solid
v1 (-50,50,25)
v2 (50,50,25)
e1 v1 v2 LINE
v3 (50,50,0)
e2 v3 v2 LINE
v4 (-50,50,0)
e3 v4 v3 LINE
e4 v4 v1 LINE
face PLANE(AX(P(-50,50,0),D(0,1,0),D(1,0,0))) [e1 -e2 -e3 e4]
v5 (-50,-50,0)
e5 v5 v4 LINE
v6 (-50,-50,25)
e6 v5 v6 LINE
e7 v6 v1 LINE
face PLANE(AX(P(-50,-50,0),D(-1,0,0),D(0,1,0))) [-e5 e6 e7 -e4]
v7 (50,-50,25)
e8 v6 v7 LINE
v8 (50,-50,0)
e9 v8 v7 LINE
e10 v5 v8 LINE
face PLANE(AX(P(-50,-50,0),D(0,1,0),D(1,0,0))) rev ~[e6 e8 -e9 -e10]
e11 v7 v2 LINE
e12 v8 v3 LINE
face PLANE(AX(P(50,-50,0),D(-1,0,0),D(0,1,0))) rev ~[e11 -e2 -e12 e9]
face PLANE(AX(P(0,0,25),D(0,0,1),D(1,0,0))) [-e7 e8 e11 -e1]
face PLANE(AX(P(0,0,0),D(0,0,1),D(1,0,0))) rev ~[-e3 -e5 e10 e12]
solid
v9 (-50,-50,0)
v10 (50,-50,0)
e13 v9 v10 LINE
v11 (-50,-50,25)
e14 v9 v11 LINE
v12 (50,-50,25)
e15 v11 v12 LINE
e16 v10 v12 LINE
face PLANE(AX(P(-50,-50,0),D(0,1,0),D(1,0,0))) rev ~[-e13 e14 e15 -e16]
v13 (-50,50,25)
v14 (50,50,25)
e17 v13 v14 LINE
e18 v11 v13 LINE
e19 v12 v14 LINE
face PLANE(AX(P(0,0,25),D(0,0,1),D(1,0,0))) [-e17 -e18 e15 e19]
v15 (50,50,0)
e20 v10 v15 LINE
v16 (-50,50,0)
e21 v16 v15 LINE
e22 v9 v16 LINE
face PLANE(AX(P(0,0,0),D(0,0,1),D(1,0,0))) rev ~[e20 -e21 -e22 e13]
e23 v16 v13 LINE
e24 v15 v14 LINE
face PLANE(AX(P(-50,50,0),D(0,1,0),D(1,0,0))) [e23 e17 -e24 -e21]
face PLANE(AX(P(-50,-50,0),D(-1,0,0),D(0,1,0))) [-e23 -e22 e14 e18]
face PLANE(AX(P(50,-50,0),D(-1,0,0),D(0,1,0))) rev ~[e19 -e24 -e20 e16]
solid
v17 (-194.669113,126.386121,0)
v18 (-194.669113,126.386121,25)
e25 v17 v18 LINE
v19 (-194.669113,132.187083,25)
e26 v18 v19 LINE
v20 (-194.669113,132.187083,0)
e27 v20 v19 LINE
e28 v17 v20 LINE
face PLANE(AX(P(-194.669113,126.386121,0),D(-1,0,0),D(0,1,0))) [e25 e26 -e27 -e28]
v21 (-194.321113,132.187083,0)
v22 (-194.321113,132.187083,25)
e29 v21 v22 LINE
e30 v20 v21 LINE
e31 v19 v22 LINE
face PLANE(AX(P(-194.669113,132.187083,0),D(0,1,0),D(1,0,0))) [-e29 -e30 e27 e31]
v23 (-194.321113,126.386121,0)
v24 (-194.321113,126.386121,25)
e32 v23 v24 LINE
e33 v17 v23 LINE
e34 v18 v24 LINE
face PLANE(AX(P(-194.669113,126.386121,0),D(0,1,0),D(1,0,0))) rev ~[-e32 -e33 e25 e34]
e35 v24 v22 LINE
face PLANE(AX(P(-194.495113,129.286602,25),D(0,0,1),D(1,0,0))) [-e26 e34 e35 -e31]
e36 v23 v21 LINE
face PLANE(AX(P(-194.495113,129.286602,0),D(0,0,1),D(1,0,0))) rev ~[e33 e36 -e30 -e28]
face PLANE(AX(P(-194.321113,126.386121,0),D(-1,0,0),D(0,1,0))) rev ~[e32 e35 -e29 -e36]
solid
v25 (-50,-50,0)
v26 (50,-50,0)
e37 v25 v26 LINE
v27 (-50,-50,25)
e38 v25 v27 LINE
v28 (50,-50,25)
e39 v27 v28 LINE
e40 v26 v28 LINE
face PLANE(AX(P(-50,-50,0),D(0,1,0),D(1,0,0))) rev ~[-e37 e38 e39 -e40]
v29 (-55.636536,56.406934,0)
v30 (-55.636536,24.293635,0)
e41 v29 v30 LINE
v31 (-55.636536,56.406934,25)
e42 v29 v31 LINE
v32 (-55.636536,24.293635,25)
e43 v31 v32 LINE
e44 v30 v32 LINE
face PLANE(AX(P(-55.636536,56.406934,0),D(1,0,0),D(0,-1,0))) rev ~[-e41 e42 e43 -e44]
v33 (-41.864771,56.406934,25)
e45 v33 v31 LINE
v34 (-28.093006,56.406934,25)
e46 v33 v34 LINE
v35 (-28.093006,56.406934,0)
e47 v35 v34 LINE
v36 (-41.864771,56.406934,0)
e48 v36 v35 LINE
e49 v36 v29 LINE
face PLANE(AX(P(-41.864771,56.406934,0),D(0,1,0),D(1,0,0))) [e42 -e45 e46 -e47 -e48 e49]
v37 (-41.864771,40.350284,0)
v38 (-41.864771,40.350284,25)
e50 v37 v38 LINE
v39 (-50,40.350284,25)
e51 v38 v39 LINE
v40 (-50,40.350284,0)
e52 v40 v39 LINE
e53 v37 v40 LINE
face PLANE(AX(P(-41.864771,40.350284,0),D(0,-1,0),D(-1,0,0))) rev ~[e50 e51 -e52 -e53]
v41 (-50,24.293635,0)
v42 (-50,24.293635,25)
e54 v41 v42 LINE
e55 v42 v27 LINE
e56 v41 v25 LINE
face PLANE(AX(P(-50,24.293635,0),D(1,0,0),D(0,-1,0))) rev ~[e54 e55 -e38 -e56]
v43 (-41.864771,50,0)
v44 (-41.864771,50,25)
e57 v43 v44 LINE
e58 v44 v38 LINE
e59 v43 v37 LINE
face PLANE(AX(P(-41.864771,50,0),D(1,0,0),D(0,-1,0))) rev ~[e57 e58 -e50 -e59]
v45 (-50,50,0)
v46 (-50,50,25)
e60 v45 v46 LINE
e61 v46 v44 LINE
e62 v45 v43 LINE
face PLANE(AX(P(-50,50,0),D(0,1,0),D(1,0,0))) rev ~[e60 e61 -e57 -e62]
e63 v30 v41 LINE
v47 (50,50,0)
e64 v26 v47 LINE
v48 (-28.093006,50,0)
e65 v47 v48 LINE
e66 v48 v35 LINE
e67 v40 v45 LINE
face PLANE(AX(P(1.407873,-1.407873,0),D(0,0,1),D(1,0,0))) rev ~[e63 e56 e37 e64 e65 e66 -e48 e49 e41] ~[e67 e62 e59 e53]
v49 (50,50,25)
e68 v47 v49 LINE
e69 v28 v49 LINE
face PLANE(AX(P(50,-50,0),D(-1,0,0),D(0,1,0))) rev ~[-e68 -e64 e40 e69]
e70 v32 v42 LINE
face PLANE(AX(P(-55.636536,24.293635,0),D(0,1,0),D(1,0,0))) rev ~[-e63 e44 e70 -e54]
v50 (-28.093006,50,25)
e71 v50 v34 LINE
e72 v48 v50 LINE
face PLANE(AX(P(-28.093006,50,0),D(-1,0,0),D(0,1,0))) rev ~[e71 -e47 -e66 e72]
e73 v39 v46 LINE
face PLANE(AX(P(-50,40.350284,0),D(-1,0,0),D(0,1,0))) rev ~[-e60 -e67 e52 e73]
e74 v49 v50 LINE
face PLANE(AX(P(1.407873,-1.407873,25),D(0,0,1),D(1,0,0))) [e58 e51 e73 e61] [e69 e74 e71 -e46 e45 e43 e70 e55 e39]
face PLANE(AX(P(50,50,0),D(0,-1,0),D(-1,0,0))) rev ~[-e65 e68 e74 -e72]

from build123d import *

# Parameters (mm, degrees)
F2_W     = 0.348
F2_H     = 5.8009624481
F3_DEPTH = 25
F2_W_2   = 5.63653633
F2_H_2   = 16.0566493869
F2_W_3   = 13.7717649341
F2_H_3   = 6.4069338143
F0_W     = 100
F0_H     = 100
F1_W     = 100
F1_H     = 100


with BuildPart() as f3:
    # F2 (on face) → F3 (new body)
    with BuildSketch(Plane.XY):
        with Locations((-194.4951125631, 129.2866021395)):
            Rectangle(F2_W, F2_H)
    extrude(amount=F3_DEPTH)


with BuildPart() as f3b:
    # F2 (on face) → F3, piece 2 (new body)
    with BuildSketch(Plane.XY):
        Polygon((-28.0930064619, 24.2936350405), (-50, 24.2936350405), (-50, -50), (50, -50), (50, 50), (-28.0930064619, 50), align=None)
        with Locations((-52.818268165, 32.321959734)):
            Rectangle(F2_W_2, F2_H_2)
        with Locations((-34.9788889289, 53.2034669071)):
            Rectangle(F2_W_3, F2_H_3)
        Polygon((-55.63653633, 40.3502844274), (-50, 40.3502844274), (-50, 50), (-41.8647713959, 50), (-41.8647713959, 56.4069338143), (-55.63653633, 56.4069338143), align=None)
        Polygon((-41.8647713959, 50), (-41.8647713959, 40.3502844274), (-50, 40.3502844274), (-50, 24.2936350405), (-28.0930064619, 24.2936350405), (-28.0930064619, 50), align=None)
    extrude(amount=F3_DEPTH)


with BuildPart() as f3c:
    # F0 (on Top) → F3, piece 3 (new body)
    with BuildSketch(Plane.XY):
        Rectangle(F0_W, F0_H)
    extrude(amount=F3_DEPTH)


with BuildPart() as f3d:
    # F1 (on face) → F3, piece 4 (new body)
    with BuildSketch(Plane.XY):
        Rectangle(F1_W, F1_H)
    extrude(amount=F3_DEPTH)


solid = Compound([f3.part, f3b.part, f3c.part, f3d.part])
